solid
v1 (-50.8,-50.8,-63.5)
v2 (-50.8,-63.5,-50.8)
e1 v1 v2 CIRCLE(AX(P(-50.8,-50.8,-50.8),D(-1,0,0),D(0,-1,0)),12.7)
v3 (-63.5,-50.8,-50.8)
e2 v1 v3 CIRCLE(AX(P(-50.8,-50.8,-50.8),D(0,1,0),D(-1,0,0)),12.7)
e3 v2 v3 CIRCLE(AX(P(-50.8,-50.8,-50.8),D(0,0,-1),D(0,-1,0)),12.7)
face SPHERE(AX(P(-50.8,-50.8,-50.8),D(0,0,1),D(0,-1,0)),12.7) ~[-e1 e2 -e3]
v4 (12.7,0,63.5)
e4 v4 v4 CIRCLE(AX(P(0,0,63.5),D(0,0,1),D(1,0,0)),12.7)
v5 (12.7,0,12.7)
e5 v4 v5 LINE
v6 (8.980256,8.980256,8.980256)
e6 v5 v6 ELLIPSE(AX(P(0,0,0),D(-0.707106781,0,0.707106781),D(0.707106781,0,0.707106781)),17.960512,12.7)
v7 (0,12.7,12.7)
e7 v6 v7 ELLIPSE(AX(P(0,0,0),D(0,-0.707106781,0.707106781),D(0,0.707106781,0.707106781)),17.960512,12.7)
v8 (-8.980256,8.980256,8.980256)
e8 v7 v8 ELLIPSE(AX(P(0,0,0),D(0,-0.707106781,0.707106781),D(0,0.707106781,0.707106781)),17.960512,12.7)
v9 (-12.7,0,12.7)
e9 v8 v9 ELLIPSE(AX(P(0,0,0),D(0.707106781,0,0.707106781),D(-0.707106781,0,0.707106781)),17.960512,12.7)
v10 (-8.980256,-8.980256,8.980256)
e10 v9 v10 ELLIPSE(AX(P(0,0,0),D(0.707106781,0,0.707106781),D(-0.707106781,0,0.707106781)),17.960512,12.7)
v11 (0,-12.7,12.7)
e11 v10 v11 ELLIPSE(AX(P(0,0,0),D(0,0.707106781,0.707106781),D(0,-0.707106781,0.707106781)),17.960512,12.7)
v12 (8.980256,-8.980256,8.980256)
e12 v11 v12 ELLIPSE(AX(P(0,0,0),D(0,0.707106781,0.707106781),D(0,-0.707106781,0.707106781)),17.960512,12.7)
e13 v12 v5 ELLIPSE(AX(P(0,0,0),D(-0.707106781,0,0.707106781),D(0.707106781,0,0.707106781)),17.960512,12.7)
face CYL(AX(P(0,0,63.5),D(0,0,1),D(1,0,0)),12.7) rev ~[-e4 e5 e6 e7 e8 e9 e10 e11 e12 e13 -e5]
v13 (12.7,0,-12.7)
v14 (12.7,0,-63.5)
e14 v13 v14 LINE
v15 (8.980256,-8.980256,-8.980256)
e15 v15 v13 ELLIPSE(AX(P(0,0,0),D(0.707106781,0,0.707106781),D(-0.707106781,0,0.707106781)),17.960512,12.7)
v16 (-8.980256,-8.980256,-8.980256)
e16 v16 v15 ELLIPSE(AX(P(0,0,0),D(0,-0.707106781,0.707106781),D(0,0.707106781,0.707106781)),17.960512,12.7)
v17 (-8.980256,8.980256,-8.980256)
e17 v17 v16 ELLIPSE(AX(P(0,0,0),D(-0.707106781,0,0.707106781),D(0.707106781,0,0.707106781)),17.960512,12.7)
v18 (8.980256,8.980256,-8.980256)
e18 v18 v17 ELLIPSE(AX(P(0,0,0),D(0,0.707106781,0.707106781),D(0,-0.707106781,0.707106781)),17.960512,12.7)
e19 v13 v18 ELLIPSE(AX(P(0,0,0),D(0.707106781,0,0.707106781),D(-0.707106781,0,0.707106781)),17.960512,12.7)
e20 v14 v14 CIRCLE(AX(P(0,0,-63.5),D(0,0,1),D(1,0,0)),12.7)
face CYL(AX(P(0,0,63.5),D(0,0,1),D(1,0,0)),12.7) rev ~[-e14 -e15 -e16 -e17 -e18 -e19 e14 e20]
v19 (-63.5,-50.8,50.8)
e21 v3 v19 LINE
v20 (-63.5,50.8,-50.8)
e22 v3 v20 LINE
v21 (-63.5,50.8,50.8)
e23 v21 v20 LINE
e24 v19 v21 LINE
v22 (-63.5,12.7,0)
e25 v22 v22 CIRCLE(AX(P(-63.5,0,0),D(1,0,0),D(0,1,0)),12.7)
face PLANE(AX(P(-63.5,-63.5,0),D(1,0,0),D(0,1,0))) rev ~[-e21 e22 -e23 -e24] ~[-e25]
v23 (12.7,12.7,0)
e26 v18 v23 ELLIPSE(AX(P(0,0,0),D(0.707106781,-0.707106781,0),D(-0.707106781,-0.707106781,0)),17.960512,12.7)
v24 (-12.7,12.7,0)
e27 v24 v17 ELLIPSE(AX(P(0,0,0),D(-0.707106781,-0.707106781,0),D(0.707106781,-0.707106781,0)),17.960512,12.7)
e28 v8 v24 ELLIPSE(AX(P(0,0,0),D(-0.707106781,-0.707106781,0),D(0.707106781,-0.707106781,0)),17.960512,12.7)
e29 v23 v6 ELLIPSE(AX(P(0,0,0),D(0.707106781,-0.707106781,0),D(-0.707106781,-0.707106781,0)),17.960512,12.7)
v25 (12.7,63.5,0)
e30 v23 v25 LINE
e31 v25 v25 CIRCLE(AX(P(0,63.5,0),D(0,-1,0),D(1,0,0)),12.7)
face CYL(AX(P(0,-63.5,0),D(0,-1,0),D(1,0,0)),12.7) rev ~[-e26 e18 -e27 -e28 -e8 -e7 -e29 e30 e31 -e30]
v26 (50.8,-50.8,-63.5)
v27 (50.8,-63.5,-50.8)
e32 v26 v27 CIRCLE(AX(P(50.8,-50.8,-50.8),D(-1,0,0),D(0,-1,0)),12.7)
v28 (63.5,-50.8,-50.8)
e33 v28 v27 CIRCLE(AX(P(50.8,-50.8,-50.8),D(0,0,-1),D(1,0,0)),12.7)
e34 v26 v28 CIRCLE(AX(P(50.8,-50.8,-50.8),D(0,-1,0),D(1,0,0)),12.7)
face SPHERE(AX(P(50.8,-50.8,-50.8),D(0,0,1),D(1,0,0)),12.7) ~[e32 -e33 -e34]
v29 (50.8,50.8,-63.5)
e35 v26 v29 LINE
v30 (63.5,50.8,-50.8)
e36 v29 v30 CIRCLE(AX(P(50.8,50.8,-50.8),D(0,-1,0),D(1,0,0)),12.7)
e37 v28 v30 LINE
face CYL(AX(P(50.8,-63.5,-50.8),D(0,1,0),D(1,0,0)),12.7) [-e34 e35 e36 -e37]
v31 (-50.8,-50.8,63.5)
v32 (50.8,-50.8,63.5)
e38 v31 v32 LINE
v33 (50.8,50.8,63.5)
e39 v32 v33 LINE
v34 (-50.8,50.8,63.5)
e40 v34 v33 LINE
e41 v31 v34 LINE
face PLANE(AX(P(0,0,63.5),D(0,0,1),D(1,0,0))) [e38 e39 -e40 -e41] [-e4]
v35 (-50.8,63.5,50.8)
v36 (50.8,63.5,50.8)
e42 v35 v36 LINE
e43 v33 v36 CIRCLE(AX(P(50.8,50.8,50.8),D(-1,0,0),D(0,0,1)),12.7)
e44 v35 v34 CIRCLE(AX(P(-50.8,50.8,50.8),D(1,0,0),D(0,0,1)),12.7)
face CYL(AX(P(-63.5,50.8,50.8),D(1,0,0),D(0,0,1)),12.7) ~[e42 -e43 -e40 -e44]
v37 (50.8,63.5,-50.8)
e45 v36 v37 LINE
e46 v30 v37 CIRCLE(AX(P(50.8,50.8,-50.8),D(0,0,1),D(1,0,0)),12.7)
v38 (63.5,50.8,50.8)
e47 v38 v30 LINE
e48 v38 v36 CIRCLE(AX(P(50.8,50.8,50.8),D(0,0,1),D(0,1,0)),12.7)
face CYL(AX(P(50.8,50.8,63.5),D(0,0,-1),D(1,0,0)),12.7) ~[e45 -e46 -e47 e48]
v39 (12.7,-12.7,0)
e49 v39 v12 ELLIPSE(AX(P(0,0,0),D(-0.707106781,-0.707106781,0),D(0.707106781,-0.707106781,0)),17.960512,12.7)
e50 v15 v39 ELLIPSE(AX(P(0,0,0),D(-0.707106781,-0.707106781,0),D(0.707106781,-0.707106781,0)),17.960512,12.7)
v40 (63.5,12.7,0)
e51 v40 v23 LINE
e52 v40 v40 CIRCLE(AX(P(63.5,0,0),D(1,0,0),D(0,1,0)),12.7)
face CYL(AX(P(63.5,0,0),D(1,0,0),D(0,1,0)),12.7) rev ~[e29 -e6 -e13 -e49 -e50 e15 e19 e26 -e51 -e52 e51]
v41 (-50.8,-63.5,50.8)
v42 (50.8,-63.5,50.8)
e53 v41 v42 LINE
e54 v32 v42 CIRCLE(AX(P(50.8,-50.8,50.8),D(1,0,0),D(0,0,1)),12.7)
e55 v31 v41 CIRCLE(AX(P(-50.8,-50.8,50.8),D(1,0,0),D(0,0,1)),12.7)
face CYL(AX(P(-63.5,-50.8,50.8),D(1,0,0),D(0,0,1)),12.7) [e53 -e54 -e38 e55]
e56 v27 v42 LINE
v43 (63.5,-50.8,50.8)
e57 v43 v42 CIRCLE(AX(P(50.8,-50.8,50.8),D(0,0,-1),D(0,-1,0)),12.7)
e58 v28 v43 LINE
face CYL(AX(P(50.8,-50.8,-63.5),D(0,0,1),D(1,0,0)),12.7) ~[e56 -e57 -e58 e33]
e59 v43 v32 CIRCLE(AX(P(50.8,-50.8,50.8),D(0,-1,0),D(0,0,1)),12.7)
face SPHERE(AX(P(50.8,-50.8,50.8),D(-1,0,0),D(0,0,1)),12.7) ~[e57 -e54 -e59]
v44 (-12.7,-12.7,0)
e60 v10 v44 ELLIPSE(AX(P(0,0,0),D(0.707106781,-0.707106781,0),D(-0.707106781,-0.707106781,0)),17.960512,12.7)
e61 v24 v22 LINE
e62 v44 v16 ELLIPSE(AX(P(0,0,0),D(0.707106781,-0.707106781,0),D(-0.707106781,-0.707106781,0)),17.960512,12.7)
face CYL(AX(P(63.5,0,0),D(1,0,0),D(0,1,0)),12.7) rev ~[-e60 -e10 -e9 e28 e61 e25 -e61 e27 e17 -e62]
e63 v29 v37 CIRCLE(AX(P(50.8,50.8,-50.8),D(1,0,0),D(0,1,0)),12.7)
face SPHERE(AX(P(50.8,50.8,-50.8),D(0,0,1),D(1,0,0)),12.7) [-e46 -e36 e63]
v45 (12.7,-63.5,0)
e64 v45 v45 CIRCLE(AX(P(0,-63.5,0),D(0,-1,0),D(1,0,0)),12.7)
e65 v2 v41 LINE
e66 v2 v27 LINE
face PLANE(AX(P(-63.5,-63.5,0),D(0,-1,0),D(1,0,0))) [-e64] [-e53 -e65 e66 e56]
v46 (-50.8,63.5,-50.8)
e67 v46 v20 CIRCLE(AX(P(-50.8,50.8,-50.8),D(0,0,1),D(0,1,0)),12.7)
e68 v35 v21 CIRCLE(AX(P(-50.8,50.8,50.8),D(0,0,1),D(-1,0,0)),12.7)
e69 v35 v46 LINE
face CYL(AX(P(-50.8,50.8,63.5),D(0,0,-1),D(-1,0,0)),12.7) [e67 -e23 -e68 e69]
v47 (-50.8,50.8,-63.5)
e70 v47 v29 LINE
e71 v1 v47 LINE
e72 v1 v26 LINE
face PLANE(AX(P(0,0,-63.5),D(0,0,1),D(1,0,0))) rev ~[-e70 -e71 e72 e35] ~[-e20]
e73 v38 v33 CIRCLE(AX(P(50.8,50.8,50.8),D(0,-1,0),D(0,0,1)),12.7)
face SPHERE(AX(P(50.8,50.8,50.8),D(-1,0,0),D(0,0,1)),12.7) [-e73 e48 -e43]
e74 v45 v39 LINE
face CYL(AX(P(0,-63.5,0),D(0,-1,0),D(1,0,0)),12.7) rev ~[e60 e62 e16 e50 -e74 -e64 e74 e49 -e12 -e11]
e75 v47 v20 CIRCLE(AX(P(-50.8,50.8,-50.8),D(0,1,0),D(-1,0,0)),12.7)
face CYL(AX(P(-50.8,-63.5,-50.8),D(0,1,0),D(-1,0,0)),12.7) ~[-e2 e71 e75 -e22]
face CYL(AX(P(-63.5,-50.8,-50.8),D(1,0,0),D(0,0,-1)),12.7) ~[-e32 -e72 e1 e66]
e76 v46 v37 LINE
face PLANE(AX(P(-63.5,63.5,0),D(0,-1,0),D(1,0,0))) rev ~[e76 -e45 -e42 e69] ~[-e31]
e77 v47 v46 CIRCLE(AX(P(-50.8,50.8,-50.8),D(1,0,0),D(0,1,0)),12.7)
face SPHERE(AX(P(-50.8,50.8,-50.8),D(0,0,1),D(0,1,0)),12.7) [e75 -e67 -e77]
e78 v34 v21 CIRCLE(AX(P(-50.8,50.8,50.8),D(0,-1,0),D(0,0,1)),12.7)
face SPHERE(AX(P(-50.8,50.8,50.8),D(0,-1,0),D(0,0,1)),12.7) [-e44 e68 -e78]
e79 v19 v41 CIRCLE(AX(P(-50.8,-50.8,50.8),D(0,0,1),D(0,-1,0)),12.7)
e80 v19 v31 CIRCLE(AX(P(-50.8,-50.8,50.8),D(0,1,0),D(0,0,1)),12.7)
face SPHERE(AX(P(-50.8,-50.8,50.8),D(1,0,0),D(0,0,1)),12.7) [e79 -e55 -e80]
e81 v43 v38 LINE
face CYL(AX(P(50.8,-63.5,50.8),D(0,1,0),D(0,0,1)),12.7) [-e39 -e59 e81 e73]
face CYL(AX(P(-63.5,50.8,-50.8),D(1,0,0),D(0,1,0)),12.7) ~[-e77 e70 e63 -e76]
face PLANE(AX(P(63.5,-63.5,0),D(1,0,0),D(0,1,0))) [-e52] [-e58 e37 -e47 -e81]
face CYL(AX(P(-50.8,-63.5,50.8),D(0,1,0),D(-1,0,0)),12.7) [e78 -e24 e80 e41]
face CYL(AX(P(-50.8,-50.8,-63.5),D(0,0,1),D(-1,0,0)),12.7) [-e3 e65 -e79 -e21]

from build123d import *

# Parameters (mm, degrees)
F0_W     = 127
F0_H     = 127
F1_DEPTH = 63.5
F2_DEPTH = 63.5
F3_R     = 12.7
F4_R     = 12.7
F5_DEPTH = 127
F6_R     = 12.7
F7_DEPTH = 127
F8_R     = 12.7
F9_DEPTH = 381


with BuildPart() as f1:
    # F0 (on Top) → F1 (new body)
    with BuildSketch(Plane.XY):
        Rectangle(F0_W, F0_H)
    extrude(amount=F1_DEPTH)

    # F2 (add): faces of the model
    f2_faces = [f1.faces().sort_by_distance(p)[0] for p in [
        (0, 0, 0),
        (0, 0, 63.5),
    ]]
    extrude(f2_faces, amount=F2_DEPTH, dir=(0, 0, -1))

    # F3
    f3_edges = [f1.edges().sort_by_distance(p)[0] for p in [
        (0, -63.5, 63.5),
        (-63.5, 0, 63.5),
        (-63.5, -63.5, 0),
        (0, 63.5, 63.5),
        (63.5, 0, 63.5),
        (63.5, 63.5, 0),
        (63.5, -63.5, 0),
        (63.5, 0, -63.5),
        (0, -63.5, -63.5),
        (-63.5, 63.5, 0),
        (0, 63.5, -63.5),
        (-63.5, 0, -63.5),
    ]]
    fillet(f3_edges, radius=F3_R)

    # F4 (on face) → F5 (cut)
    with BuildSketch(Plane.XY.offset(63.5)):
        Circle(F4_R)
    extrude(amount=-F5_DEPTH, mode=Mode.SUBTRACT)

    # F6 (on face) → F7 (cut)
    with BuildSketch(Plane.XZ.offset(63.5)):
        Circle(F6_R)
    extrude(amount=-F7_DEPTH, mode=Mode.SUBTRACT)

    # F8 (on face) → F9 (cut)
    with BuildSketch(Plane.YZ.offset(63.5)):
        Circle(F8_R)
    extrude(amount=-F9_DEPTH, mode=Mode.SUBTRACT)


solid = f1.part
